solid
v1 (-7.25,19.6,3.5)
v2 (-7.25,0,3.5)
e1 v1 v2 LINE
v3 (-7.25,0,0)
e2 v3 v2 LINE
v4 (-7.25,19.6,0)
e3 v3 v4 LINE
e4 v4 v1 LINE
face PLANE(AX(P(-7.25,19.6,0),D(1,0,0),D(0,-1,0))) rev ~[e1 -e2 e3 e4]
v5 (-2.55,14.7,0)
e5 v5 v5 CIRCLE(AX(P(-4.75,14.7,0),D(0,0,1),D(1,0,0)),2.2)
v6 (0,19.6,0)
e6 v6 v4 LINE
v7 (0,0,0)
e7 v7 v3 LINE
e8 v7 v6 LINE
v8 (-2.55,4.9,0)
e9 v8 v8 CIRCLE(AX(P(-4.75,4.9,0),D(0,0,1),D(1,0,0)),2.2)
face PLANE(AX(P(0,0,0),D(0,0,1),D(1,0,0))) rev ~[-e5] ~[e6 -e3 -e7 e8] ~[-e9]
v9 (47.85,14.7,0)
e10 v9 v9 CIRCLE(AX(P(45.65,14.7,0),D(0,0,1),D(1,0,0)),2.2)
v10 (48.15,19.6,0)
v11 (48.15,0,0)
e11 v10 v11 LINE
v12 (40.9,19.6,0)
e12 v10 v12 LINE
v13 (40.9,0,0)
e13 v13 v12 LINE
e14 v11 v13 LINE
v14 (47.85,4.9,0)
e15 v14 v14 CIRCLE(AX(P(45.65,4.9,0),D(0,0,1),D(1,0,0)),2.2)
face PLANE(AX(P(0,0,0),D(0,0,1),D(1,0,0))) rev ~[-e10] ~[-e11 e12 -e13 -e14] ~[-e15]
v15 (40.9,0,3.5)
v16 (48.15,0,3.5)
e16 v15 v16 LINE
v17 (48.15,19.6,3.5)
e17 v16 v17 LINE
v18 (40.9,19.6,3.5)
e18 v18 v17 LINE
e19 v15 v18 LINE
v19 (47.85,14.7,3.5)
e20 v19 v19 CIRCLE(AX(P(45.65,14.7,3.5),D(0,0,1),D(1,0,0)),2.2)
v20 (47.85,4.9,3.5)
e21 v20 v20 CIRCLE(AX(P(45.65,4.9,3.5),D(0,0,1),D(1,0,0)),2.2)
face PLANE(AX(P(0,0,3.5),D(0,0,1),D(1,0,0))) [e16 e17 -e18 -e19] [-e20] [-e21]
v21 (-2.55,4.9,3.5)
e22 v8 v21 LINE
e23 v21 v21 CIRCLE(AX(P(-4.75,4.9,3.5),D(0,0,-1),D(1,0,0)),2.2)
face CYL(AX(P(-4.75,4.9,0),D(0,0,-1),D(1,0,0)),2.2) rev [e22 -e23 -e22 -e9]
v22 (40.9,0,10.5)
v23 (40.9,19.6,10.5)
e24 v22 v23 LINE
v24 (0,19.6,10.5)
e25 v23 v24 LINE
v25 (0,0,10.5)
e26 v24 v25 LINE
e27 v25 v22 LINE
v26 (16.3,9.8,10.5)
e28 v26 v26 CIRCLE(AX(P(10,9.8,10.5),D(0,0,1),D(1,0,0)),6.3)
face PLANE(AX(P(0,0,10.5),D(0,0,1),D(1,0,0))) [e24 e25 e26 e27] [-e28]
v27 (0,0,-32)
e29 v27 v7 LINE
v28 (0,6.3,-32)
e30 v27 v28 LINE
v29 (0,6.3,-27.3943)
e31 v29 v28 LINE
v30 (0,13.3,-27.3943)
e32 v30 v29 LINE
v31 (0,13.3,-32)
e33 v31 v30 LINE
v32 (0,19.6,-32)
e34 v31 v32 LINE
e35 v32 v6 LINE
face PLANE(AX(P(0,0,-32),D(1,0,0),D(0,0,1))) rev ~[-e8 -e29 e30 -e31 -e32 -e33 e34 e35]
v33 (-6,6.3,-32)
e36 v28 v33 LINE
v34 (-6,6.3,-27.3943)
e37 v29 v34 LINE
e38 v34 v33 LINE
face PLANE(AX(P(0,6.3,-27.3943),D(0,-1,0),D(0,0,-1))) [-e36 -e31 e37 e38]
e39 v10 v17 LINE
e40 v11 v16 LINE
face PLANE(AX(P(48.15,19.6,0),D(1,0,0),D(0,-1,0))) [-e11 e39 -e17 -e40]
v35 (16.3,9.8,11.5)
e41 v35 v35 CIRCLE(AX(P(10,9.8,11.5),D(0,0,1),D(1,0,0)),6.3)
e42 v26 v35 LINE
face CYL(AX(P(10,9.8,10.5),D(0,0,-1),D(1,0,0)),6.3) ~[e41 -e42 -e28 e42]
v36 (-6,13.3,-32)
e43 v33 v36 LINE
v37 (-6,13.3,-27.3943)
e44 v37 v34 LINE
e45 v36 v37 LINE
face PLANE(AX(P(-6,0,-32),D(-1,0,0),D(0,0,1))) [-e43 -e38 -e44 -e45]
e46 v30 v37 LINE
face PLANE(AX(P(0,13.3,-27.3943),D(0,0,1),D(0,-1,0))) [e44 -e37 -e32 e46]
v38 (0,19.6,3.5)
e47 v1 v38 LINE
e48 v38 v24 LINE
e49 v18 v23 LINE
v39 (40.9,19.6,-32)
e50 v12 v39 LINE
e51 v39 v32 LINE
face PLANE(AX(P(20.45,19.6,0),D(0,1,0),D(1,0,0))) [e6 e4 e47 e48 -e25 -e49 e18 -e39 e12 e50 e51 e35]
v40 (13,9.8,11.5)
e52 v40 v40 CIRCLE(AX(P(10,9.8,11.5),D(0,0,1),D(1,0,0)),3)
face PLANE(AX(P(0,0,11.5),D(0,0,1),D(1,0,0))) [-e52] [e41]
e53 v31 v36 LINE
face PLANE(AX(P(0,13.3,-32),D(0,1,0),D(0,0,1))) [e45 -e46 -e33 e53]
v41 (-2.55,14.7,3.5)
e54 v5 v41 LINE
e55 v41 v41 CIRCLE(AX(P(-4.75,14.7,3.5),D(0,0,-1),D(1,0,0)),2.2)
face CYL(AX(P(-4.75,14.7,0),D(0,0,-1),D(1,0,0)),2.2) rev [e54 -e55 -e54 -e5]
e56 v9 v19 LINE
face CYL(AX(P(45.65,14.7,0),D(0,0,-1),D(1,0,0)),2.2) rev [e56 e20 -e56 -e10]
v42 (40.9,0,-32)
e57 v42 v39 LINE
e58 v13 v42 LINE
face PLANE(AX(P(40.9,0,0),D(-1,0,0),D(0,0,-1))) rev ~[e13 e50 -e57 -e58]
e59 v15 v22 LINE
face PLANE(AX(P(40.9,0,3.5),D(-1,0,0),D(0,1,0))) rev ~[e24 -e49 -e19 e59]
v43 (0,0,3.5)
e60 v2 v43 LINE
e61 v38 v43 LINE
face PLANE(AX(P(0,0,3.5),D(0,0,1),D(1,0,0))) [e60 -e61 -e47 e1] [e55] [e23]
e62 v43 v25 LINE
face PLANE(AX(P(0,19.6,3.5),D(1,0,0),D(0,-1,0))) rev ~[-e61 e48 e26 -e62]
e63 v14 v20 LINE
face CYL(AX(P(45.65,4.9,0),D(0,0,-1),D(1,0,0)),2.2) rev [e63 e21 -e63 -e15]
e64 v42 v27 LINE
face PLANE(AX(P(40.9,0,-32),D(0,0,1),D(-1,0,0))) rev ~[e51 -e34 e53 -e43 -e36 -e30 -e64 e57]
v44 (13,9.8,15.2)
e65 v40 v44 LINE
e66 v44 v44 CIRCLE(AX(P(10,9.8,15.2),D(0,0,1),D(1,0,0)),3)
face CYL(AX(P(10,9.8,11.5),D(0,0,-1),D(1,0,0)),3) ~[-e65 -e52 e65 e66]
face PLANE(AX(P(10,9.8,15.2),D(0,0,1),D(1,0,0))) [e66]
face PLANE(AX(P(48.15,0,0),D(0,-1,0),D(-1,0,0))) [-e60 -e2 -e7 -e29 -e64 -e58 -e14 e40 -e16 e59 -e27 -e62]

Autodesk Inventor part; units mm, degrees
ref_plane "YZ Plane" through (0, 0, 0) normal (1, 0, 0) x (0, 1, 0)
ref_plane "XZ Plane" through (0, 0, 0) normal (0, 1, 0) x (-1, 0, 0)
ref_plane "XY Plane" through (0, 0, 0) normal (0, 0, 1) x (1, 0, 0)
sketch "Boceto1" plane through (0, 0, 0) normal (0, 1, 0) x (-1, 0, 0)
  line L0 (0, 0) -> (-40.9, 0)
  line L1 (-40.9, 0) -> (-40.9, -32)
  line L2 (-40.9, -32) -> (0, -32)
  line L3 (0, -32) -> (0, 0)
  dimension "d0" = 40.9
  dimension "d1" = 32
extrude "Extrusión1" add sketch "Boceto1" along normal blind 19.6
sketch "Boceto2" plane through (0, 0, 0) normal (0, 0, 1) x (1, 0, 0)
  line L0 (20.45, 29.4794) -> (20.45, -8.3561)
  line L1 (0, 0) -> (0, 19.6) projected
  line L2 (0, 0) -> (0, 19.6) projected
  line L3 (20.45, 19.6) -> (-7.25, 19.6)
  line L4 (-7.25, 19.6) -> (-7.25, 0)
  line L5 (-7.25, 0) -> (20.45, 0)
  line L6 (0, 19.6) -> (40.9, 19.6) projected
  line L7 (0, 0) -> (40.9, 0) projected
  line L8 (-4.75, 38.1258) -> (-4.75, -18.5214)
  line L9 (50.1495, 9.8) -> (-24.2217, 9.8)
  circle A0 centre (-4.75, 14.7) radius 2.2
  circle A1 centre (-4.75, 4.9) radius 2.2
  line L10 (20.45, 0) -> (0, 0)
  line L11 (40.9, 19.6) -> (0, 19.6)
  line L12 (20.45, 0) -> (40.9, 0)
  line L13 (20.45, 19.6) -> (48.15, 19.6)
  line L14 (48.15, 19.6) -> (48.15, 0)
  line L15 (48.15, 0) -> (20.45, 0)
  circle A2 centre (45.65, 14.7) radius 2.2
  circle A3 centre (45.65, 4.9) radius 2.2
  dimension "d9" = 19.6
  dimension "d10" = 4.4
  dimension "d11" = 9.8
  dimension "d13" = 55.4
  dimension "d14" = 40.9
  dimension "d16" = 25.2
extrude "Extrusión2" add sketch "Boceto2" along normal blind 3.5 contours L6 L13 L14 L9 L0 | L0 L9 L1 L3 | L9 L14 L15 L7 L0 | L0 L5 L1 L9 | L1 L9 L8 A0 L3 | L1 L5 L8 A1 L9 | L8 A0 L9 L4 L3 | L8 A1 L5 L4 L9
sketch "Boceto3" plane through (0, 0, 3.5) normal (0, 0, 1) x (1, 0, 0)
  line L0 (0, 0) -> (40.9, 0)
  line L1 (40.9, 0) -> (40.9, 19.6)
  line L2 (40.9, 19.6) -> (0, 19.6)
  line L3 (0, 19.6) -> (0, 0)
extrude "Extrusión3" add sketch "Boceto3" along normal blind 7
sketch "Boceto4" plane through (0, 0, 10.5) normal (0, 0, 1) x (1, 0, 0)
  circle A0 centre (10, 9.8) radius 6.3
  line L0 (0, 0) -> (40.9, 0) projected
  line L1 (0, 19.6) -> (0, 0) projected
  dimension "d21" = 12.6
  dimension "d22" = 9.8
  dimension "d23" = 10
extrude "Extrusión4" add sketch "Boceto4" along normal blind 1
sketch "Boceto5" plane through (10, 9.8, 11.5) normal (0, 0, 1) x (1, 0, 0)
  circle A0 centre (0, 0) radius 3
  circle A1 centre (0, 0) radius 6.3 projected
  point P0 (-10, -9.8)
  dimension "d26" = 6
extrude "Extrusión5" add sketch "Boceto5" along normal blind 3.7 contours A0
sketch "Boceto6" plane through (0, 0, -32) normal (-1, 0, 0) x (0, 0, 1)
  line L0 (0, 0) -> (0, 19.6) projected
  line L1 (0, 13.3) -> (4.6057, 13.3)
  line L2 (4.6057, 13.3) -> (4.6057, 6.3)
  line L3 (4.6057, 6.3) -> (0, 6.3)
  line L4 (0, 6.3) -> (0, 13.3)
  line L5 (0, 19.6) -> (32, 19.6) projected
  line L6 (0, 0) -> (32, 0) projected
  dimension "d29" = 7
  dimension "d30" = 6.3
  dimension "d31" = 6.3
extrude "Extrusión6" add sketch "Boceto6" along normal blind 6
properties part number "savox"
